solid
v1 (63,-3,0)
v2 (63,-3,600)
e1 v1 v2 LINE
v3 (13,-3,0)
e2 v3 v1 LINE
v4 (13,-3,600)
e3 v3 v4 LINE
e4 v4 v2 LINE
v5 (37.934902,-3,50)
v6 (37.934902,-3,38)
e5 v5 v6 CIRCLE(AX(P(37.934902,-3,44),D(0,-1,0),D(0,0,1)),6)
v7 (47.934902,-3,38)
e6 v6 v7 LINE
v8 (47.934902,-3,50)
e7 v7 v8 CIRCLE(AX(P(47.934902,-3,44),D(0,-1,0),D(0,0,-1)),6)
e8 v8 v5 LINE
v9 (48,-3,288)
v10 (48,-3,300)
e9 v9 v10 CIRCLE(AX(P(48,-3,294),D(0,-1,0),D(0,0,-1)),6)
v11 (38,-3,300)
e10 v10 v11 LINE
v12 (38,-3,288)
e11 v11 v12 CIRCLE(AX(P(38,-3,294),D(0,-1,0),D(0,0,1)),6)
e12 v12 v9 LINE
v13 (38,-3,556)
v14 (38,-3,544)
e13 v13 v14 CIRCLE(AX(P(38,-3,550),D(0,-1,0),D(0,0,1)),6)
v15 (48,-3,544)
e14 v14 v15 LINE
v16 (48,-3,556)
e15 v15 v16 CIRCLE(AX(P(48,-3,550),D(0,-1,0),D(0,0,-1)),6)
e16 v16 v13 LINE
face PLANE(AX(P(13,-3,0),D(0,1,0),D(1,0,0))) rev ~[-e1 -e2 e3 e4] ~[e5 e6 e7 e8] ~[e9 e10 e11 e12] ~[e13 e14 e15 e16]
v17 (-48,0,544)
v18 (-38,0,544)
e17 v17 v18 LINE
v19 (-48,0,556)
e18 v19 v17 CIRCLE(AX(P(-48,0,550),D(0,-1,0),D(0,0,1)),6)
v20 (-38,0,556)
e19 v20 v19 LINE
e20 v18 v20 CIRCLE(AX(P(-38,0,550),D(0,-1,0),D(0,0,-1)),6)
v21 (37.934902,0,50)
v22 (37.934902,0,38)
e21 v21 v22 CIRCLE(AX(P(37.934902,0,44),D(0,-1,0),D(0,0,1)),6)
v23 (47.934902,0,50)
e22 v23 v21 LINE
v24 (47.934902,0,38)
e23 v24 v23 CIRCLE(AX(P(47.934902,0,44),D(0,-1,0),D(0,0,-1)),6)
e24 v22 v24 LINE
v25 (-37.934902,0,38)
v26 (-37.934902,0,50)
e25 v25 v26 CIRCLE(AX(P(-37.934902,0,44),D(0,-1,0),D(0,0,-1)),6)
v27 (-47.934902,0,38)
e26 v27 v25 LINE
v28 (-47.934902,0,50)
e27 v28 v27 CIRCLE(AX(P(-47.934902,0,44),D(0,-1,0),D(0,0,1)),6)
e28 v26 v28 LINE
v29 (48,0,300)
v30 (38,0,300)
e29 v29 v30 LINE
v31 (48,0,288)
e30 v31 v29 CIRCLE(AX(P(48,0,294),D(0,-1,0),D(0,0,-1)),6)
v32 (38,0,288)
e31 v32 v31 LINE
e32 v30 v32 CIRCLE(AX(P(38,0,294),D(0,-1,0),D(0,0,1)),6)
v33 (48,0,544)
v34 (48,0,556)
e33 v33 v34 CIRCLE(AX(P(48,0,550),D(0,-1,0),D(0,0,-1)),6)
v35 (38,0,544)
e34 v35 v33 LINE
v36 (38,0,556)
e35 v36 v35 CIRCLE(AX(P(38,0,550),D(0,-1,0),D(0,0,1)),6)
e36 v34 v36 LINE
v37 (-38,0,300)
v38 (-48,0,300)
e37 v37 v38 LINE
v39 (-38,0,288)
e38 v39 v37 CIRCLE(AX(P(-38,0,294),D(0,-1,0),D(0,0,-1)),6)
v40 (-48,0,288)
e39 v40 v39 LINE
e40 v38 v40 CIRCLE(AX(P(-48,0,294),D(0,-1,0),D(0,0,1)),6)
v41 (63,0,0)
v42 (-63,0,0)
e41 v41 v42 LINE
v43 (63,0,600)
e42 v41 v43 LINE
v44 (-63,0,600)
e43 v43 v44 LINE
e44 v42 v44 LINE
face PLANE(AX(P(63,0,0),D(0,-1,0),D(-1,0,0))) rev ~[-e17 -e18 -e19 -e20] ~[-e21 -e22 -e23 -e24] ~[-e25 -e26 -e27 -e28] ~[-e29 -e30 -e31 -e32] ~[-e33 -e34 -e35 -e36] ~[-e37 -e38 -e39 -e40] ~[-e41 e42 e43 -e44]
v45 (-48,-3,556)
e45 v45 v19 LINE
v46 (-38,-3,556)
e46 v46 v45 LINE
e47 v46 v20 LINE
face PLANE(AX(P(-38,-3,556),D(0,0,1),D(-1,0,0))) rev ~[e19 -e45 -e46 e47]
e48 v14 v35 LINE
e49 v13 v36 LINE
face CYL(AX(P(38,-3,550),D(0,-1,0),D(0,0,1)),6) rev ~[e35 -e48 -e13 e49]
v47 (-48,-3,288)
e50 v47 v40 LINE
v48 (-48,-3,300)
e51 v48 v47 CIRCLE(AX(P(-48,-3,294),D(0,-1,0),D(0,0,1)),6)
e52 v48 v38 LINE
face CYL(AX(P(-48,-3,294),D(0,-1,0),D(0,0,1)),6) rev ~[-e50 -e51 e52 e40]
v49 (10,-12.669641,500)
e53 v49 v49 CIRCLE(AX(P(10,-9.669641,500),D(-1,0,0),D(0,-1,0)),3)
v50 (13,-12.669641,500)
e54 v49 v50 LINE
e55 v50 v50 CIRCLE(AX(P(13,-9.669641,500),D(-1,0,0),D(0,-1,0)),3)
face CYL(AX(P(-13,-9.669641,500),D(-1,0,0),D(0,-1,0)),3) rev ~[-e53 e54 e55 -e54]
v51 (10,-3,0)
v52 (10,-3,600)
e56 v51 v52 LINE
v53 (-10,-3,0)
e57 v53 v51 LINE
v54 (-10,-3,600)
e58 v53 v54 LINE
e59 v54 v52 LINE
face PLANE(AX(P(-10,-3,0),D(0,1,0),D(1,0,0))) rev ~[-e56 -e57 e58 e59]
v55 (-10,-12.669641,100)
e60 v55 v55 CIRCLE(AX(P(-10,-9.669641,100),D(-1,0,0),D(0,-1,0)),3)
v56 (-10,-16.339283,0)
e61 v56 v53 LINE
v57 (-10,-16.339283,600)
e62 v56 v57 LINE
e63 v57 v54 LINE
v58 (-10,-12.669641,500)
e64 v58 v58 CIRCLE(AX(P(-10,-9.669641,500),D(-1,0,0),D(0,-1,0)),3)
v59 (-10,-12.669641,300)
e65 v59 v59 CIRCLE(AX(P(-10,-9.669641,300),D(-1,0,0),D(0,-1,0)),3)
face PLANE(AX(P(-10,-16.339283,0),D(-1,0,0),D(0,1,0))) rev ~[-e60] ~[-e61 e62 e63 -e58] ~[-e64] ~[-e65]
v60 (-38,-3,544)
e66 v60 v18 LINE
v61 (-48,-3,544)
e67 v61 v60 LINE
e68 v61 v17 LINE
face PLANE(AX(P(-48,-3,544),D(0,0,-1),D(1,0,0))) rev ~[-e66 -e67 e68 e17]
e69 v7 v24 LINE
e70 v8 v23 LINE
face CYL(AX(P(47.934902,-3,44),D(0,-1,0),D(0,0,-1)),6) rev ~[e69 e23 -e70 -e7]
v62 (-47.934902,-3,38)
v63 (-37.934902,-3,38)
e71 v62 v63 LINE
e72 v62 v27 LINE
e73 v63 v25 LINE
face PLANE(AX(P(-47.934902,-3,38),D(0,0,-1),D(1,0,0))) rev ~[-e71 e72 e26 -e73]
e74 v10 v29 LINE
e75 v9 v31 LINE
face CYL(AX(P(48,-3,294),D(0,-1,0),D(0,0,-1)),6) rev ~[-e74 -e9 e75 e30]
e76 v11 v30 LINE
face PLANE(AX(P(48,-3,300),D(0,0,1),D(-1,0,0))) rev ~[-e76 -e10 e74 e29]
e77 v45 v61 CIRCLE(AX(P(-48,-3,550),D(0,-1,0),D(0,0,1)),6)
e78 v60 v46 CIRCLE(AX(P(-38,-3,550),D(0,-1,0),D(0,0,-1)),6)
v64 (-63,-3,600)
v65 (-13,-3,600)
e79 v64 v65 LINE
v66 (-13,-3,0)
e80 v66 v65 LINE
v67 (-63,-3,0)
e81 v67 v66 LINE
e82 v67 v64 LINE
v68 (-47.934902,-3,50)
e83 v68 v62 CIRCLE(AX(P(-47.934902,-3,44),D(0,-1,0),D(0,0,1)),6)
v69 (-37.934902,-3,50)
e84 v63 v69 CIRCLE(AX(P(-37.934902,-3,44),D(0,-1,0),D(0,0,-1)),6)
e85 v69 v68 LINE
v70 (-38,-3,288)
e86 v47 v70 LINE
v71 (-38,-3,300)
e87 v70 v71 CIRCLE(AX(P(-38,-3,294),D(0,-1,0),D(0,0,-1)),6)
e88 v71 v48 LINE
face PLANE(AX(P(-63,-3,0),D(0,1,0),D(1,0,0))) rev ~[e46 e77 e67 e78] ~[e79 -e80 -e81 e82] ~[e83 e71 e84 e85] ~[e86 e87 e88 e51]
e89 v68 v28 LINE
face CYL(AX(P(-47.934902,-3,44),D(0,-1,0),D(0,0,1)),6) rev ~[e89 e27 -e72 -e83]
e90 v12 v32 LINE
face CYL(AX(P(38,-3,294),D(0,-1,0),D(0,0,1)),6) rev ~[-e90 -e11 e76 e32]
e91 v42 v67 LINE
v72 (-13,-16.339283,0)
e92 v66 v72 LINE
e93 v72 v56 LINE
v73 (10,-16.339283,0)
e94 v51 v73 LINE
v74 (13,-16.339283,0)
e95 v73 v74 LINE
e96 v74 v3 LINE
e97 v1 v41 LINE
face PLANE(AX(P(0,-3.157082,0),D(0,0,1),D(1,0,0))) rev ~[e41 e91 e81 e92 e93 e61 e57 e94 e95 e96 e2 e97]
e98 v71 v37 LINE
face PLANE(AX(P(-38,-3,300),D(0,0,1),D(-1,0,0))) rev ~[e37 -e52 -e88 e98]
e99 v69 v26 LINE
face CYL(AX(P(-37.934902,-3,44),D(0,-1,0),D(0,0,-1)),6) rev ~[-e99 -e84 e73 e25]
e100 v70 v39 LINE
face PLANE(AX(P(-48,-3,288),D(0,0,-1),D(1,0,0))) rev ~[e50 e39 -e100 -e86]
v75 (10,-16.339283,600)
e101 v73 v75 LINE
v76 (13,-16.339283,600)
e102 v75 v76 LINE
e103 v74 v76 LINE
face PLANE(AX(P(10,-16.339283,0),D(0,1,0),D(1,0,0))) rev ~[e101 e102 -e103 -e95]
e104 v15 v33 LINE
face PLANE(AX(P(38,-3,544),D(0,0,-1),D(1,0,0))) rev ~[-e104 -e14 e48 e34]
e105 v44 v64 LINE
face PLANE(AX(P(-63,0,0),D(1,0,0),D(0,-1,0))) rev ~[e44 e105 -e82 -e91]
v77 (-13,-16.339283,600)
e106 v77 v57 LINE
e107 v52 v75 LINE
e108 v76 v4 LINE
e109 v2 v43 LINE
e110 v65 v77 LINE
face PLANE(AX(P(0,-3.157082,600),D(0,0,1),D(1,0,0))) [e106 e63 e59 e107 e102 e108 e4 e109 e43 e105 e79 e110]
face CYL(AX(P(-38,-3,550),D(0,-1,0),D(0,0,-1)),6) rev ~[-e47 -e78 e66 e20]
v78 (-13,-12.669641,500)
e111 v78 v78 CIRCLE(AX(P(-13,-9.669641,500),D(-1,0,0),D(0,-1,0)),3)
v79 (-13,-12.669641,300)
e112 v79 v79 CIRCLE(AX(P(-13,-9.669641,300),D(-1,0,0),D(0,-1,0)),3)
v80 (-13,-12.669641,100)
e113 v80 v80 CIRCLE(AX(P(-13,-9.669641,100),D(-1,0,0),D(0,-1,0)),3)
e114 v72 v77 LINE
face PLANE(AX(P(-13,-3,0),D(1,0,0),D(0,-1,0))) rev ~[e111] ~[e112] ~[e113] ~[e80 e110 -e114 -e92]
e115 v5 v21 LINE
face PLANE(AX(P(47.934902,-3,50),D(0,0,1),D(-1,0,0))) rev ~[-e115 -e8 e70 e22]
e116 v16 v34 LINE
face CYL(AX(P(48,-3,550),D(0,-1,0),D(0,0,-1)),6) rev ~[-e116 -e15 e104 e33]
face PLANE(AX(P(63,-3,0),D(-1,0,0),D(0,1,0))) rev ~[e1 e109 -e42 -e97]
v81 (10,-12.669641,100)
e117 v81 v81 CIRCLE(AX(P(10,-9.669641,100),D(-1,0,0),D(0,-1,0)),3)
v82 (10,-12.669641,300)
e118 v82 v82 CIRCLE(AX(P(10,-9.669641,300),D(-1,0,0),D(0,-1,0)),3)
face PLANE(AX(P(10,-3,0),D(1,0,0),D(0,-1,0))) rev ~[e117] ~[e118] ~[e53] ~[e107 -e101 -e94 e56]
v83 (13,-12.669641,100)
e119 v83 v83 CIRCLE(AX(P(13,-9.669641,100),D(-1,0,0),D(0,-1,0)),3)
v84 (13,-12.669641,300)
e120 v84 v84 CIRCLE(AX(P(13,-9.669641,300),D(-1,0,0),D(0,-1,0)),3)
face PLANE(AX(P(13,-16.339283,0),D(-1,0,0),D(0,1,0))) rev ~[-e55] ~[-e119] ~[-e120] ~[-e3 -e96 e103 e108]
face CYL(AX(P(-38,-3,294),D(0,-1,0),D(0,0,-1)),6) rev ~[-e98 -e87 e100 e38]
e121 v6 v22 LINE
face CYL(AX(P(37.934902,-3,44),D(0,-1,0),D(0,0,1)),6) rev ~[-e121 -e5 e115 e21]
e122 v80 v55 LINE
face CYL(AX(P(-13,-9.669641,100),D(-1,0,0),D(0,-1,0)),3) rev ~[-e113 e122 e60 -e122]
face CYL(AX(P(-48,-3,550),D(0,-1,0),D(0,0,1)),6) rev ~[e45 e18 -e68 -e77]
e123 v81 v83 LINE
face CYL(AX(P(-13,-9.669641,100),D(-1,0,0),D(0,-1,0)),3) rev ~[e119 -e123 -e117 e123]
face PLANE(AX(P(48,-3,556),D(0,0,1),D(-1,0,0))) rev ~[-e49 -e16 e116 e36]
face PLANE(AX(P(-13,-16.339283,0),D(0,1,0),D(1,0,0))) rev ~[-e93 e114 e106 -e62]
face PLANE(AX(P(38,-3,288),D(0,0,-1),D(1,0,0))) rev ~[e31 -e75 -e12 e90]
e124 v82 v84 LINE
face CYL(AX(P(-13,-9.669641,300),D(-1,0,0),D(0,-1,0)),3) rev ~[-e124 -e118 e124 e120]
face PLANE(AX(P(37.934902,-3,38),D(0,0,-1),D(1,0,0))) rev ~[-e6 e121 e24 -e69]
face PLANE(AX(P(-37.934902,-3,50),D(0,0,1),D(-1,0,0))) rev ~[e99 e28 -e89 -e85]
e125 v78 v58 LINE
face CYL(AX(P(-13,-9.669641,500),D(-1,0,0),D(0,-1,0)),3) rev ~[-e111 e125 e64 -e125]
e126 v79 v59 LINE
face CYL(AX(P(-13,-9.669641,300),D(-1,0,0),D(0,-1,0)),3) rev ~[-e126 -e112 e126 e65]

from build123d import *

# Parameters (mm, degrees)
F1_DEPTH = 600
F3_DEPTH = 3.001
F4_R     = 3
F5_DEPTH = 76.001


with BuildPart() as f1:
    # F0 (on Top) → F1 (new body)
    with BuildSketch(Plane.XY):
        Polygon((63, 0), (-63, 0), (-63, -3), (-13, -3), (-13, -16.339283), (-10, -16.339283), (-10, -3), (10, -3), (10, -16.339283), (13, -16.339283), (13, -3), (63, -3), align=None)
    extrude(amount=F1_DEPTH)

    # F2 (on face) → F3 (cut, through all)
    with BuildSketch(Plane.XZ.offset(3)):
        with BuildLine():
            Line((-38, 556), (-48, 556))
            ThreePointArc((-48, 556), (-54, 550), (-48, 544))
            Line((-48, 544), (-38, 544))
            ThreePointArc((-38, 544), (-32, 550), (-38, 556))
        make_face()
        with BuildLine():
            Line((-38, 300), (-48, 300))
            ThreePointArc((-48, 300), (-54, 294), (-48, 288))
            Line((-48, 288), (-38, 288))
            ThreePointArc((-38, 288), (-32, 294), (-38, 300))
        make_face()
        with BuildLine():
            Line((-37.934902, 50), (-47.934902, 50))
            ThreePointArc((-47.934902, 50), (-53.934902, 44), (-47.934902, 38))
            Line((-47.934902, 38), (-37.934902, 38))
            ThreePointArc((-37.934902, 38), (-31.934902, 44), (-37.934902, 50))
        make_face()
        with BuildLine():
            ThreePointArc((47.934902, 38), (53.934902, 44), (47.934902, 50))
            Line((47.934902, 50), (37.934902, 50))
            ThreePointArc((37.934902, 50), (31.934902, 44), (37.934902, 38))
            Line((37.934902, 38), (47.934902, 38))
        make_face()
        with BuildLine():
            ThreePointArc((48, 288), (54, 294), (48, 300))
            Line((48, 300), (38, 300))
            ThreePointArc((38, 300), (32, 294), (38, 288))
            Line((38, 288), (48, 288))
        make_face()
        with BuildLine():
            ThreePointArc((38, 556), (32, 550), (38, 544))
            Line((38, 544), (48, 544))
            ThreePointArc((48, 544), (54, 550), (48, 556))
            Line((48, 556), (38, 556))
        make_face()
    extrude(amount=-F3_DEPTH, mode=Mode.SUBTRACT)

    # F4 (on face) → F5 (cut, through all)
    with BuildSketch(Plane(origin=(-13, 0, 0), x_dir=(0, -1, 0), z_dir=(-1, 0, 0))):
        with Locations((9.669641, 500)):
            Circle(F4_R)
        with Locations((9.669641, 300)):
            Circle(F4_R)
        with Locations((9.669641, 100)):
            Circle(F4_R)
    extrude(amount=-F5_DEPTH, mode=Mode.SUBTRACT)


solid = f1.part
